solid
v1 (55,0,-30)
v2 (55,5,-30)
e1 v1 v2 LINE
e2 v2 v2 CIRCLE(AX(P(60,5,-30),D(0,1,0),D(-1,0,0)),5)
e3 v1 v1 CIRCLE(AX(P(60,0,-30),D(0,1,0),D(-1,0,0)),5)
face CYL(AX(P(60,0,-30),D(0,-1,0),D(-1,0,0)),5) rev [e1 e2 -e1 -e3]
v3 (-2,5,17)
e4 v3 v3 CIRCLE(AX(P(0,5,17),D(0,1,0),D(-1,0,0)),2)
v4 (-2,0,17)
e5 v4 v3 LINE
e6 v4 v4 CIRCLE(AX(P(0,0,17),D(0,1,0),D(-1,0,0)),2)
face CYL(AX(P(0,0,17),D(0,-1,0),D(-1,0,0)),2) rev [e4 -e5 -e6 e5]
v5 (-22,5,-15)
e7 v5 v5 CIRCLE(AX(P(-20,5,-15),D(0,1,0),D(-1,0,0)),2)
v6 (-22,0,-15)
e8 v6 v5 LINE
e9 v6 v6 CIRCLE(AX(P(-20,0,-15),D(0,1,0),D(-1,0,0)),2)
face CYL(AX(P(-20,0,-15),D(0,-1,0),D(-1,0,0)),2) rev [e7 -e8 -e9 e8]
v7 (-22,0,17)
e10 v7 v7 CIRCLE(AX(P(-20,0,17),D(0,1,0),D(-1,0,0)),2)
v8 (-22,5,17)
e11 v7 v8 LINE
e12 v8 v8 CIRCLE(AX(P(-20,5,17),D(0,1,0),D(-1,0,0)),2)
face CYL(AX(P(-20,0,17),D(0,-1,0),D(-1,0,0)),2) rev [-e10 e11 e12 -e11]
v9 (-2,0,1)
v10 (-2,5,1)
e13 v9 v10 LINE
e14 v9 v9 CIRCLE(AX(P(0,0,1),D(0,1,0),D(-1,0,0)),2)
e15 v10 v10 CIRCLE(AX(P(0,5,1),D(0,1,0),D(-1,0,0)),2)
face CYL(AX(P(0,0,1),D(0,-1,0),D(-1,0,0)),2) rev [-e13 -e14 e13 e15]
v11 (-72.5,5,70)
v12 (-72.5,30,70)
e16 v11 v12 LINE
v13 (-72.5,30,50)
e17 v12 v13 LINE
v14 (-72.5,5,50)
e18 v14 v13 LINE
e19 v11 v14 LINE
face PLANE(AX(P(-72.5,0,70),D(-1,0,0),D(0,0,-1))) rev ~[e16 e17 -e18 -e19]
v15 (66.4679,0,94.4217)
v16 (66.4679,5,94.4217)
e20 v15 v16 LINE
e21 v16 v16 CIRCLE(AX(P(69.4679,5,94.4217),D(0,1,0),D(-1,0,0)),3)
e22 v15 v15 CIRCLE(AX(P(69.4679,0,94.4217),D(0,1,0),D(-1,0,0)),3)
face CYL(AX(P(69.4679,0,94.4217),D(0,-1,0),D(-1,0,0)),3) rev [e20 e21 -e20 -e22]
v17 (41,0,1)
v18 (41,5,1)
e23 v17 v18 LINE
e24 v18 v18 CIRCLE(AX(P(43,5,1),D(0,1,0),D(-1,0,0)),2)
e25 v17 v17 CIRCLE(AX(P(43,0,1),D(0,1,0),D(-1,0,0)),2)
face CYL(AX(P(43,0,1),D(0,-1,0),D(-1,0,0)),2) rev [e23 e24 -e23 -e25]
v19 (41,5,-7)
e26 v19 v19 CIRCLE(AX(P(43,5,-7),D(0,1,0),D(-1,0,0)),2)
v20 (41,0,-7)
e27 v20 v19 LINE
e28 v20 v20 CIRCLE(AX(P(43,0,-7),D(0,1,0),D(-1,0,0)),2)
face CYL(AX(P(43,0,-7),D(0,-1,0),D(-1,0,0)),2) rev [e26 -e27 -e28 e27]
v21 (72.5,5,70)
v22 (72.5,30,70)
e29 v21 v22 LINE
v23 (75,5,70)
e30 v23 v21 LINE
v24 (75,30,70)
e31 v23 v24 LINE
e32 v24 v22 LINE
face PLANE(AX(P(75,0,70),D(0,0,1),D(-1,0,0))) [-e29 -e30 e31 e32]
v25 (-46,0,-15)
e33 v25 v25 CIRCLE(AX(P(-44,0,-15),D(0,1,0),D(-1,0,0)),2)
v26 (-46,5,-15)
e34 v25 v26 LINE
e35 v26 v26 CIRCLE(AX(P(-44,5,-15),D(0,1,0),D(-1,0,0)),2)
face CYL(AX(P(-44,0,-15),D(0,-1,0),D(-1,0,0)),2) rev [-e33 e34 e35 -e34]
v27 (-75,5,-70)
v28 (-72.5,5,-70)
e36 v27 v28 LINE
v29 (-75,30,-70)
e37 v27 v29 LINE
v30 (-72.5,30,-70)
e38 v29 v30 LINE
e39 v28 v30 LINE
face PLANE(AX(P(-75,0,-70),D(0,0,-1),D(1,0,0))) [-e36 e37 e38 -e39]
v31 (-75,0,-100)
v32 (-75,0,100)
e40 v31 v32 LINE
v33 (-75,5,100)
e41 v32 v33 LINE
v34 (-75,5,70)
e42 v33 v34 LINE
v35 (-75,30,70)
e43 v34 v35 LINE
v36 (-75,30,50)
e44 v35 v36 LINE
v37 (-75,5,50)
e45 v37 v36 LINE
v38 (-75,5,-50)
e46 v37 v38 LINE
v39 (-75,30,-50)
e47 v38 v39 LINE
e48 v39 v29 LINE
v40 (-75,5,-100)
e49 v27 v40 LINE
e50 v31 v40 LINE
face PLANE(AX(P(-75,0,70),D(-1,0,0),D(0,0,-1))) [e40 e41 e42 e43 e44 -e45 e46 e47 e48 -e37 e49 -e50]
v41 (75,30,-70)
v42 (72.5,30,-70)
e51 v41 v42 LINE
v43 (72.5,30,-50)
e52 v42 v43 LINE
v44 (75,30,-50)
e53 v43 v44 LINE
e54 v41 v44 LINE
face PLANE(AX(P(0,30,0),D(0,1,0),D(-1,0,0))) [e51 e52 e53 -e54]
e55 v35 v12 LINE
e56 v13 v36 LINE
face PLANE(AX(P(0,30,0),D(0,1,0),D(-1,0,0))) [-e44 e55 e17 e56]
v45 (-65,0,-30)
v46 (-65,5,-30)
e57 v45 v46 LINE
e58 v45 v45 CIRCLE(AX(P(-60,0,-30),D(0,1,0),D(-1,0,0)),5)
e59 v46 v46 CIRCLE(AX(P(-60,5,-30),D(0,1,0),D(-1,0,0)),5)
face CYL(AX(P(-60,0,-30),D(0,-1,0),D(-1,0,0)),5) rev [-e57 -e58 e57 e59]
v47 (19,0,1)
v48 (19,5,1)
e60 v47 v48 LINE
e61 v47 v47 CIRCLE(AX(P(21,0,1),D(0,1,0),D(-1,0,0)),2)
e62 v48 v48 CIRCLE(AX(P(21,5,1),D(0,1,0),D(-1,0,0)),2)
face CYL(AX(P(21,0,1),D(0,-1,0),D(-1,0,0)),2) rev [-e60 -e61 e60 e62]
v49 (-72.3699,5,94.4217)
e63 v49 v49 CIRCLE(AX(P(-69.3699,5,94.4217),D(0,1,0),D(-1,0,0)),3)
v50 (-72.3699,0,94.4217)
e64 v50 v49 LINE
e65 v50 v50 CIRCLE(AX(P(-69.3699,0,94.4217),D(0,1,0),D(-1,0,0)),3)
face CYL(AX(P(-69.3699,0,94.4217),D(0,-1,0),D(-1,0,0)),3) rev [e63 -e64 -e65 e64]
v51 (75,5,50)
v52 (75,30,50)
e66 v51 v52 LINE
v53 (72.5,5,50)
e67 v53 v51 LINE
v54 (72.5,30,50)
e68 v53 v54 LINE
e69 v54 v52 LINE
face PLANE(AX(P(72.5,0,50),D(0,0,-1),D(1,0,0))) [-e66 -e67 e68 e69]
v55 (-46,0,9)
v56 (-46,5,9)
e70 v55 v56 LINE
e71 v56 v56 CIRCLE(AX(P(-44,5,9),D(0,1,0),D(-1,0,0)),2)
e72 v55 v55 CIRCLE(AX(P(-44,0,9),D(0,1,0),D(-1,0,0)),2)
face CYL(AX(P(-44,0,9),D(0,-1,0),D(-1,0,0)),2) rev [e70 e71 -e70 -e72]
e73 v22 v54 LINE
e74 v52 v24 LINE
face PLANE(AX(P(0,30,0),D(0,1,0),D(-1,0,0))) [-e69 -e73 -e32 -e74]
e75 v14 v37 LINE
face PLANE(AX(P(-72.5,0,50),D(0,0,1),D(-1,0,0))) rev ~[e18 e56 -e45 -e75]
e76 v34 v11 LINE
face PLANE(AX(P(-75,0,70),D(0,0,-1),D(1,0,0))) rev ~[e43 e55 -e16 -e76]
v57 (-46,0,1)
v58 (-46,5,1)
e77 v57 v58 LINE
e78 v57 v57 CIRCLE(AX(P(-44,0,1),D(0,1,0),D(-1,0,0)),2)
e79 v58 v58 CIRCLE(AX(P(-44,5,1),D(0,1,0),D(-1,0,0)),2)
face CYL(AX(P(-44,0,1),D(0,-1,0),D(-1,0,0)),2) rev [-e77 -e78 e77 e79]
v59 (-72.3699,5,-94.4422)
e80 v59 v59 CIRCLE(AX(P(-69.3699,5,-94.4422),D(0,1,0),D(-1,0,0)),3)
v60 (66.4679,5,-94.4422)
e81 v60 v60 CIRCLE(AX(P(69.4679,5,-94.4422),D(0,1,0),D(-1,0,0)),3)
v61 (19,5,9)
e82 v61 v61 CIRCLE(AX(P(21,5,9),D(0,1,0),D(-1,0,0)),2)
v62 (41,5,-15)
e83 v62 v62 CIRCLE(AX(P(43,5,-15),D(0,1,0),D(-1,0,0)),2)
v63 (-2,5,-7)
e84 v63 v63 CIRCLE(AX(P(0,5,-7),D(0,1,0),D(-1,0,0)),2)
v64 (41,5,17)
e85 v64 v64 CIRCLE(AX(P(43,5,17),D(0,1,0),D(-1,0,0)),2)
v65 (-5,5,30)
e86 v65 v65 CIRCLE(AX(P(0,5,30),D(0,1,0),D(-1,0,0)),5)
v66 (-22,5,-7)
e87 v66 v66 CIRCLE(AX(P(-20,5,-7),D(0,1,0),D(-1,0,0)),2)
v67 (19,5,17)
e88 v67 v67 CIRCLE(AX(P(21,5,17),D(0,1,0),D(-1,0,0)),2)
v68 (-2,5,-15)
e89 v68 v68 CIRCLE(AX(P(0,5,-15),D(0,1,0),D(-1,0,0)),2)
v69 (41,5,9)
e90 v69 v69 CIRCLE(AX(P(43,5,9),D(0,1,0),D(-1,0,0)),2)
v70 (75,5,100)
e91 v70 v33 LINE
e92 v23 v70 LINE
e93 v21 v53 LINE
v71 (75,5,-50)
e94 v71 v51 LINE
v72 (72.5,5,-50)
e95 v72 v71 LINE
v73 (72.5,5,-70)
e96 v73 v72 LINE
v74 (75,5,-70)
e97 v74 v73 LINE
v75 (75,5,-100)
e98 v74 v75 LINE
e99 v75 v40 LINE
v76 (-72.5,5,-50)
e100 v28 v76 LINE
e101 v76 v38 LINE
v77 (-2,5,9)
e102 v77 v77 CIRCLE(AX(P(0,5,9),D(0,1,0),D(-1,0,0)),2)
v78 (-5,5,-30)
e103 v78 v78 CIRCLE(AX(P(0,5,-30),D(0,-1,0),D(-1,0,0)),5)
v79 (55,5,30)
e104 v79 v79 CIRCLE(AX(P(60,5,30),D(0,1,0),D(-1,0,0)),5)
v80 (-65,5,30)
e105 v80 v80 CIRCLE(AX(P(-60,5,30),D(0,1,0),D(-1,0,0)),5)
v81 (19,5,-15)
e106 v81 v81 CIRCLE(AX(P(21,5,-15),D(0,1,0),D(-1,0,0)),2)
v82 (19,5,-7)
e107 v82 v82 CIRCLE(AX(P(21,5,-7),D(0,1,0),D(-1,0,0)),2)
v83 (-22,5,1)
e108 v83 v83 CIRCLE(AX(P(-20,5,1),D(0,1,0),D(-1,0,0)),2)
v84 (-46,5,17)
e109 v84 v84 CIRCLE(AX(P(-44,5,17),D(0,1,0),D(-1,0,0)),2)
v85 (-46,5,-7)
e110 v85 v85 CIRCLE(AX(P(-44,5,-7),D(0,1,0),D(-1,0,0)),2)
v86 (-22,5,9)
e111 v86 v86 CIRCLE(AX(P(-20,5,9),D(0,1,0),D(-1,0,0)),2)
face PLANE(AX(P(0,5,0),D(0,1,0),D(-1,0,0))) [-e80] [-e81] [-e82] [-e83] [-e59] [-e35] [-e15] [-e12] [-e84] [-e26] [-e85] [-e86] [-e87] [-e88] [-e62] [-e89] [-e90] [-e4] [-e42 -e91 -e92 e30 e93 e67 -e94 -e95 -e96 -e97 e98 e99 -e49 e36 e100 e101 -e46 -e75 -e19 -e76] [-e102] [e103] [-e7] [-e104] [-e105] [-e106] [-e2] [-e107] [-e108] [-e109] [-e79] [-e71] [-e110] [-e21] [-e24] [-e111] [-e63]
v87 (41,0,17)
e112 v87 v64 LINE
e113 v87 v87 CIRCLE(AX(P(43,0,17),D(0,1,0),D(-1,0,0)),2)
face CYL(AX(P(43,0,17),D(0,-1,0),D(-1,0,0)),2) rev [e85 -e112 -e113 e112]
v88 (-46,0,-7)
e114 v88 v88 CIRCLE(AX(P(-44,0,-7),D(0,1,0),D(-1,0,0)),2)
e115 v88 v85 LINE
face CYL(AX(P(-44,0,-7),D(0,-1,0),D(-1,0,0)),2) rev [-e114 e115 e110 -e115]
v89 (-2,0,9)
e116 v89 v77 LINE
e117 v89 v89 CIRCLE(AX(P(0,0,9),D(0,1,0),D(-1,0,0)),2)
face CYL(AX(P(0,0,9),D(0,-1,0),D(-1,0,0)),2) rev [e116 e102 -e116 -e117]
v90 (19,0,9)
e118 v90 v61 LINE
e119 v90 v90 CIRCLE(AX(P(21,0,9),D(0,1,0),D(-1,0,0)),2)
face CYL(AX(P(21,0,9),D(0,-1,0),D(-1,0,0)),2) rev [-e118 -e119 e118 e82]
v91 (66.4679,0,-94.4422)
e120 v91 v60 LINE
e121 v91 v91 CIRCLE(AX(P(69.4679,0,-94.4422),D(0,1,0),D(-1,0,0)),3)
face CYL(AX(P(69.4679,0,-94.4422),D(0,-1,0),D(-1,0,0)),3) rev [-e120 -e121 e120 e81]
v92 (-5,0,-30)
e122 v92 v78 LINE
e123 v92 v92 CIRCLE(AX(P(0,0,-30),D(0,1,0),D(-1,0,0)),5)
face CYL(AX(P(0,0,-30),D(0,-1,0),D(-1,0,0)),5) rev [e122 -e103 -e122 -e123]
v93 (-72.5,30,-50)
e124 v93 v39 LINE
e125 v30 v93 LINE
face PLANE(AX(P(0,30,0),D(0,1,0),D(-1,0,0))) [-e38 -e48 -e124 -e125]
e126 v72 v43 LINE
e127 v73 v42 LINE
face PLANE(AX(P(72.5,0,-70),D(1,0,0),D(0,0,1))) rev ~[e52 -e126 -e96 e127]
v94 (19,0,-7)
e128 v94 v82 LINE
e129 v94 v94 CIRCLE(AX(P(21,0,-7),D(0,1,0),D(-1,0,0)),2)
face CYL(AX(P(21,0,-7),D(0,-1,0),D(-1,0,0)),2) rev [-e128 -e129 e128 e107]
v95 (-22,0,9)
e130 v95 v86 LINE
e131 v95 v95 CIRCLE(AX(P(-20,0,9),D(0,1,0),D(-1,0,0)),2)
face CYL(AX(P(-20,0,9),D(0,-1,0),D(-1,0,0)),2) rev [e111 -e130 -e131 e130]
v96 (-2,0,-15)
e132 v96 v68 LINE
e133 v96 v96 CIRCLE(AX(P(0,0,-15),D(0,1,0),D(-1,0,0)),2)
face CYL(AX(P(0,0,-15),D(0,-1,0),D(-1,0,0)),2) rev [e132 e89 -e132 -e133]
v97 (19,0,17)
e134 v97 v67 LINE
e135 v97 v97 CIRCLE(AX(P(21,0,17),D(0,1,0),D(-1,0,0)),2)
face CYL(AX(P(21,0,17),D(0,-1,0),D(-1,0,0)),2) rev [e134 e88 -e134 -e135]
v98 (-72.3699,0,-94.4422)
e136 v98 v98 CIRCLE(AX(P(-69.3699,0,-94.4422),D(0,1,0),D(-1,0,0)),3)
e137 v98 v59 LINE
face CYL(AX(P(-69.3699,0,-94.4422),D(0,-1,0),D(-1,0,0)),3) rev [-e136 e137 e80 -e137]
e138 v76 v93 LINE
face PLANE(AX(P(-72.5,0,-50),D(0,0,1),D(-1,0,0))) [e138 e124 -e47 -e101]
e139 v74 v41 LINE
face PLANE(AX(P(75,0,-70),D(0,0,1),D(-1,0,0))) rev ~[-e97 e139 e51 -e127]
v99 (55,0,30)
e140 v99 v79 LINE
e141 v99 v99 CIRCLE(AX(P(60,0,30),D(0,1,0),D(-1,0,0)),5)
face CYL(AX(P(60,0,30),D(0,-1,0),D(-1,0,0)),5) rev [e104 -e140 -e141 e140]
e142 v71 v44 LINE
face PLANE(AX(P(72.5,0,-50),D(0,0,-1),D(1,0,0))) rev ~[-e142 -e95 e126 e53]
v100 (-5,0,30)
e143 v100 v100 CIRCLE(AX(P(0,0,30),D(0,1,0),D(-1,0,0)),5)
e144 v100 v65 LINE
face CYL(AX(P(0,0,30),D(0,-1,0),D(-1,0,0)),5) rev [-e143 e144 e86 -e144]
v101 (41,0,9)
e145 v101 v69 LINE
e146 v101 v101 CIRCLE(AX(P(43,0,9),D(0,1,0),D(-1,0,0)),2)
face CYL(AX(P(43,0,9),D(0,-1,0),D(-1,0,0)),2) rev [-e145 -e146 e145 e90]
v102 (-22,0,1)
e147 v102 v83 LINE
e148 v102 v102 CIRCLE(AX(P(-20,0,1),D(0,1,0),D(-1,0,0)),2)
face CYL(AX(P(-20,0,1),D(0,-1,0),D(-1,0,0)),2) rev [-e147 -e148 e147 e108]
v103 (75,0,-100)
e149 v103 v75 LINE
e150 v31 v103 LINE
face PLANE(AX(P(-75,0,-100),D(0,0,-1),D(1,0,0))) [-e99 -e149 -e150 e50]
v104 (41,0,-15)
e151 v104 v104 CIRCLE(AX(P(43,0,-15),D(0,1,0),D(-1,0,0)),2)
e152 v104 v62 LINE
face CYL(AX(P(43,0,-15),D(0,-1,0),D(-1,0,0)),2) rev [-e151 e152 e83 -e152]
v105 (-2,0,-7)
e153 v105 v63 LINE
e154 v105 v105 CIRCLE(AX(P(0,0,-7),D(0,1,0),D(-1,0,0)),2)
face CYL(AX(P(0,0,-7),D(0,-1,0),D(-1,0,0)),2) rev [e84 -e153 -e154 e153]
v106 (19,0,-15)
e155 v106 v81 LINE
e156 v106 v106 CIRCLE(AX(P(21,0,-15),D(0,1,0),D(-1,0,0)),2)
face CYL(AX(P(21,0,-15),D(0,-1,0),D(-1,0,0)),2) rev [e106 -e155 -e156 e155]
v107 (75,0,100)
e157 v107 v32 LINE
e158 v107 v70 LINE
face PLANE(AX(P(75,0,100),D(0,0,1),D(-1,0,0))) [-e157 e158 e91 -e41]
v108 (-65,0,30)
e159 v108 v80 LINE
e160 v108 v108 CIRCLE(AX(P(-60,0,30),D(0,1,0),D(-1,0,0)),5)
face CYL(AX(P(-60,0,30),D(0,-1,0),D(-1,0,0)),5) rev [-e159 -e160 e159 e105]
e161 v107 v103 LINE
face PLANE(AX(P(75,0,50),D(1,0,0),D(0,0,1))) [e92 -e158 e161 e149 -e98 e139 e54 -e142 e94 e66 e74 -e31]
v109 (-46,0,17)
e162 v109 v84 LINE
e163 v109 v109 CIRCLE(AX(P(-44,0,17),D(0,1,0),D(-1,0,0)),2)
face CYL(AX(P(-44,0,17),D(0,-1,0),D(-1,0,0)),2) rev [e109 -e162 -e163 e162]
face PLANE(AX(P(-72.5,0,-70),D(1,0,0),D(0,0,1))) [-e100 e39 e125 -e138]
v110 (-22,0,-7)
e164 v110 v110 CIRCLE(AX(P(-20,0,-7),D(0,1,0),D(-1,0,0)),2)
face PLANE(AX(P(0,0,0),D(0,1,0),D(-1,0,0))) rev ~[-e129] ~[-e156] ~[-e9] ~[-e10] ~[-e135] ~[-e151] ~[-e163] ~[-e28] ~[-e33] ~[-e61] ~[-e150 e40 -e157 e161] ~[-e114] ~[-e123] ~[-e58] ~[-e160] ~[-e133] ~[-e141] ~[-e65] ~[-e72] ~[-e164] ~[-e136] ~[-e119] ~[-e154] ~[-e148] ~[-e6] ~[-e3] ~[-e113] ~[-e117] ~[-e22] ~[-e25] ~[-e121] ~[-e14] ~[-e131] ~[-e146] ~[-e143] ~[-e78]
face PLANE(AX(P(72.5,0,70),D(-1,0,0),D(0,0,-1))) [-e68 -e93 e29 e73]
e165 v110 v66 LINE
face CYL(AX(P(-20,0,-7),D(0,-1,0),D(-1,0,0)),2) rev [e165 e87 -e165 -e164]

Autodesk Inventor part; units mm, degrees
ref_plane "YZ Plane" through (0, 0, 0) normal (1, 0, 0) x (0, 1, 0)
ref_plane "XZ Plane" through (0, 0, 0) normal (0, 1, 0) x (-1, 0, 0)
ref_plane "XY Plane" through (0, 0, 0) normal (0, 0, 1) x (1, 0, 0)
sketch "Sketch1" plane through (0, 0, 0) normal (0, 1, 0) x (-1, 0, 0)
  line L0 (75, 0) -> (75, -100)
  line L1 (75, -100) -> (-75, -100)
  line L2 (-75, -100) -> (-75, 100)
  line L3 (-75, 100) -> (75, 100)
  line L4 (75, 100) -> (75, 0)
  line L5 (75, 100) -> (75, 70)
  line L6 (75, -100) -> (75, -70)
  line L7 (-75, -100) -> (-75, -70)
  line L8 (-75, 100) -> (-75, 70)
  line L9 (75, 70) -> (75, 50)
  line L10 (-75, 70) -> (-75, 50)
  line L11 (-75, -70) -> (-75, -50)
  line L12 (75, -70) -> (75, -50)
  line L13 (75, -70) -> (72.5, -70)
  line L14 (72.5, -70) -> (72.5, -50)
  line L15 (72.5, -50) -> (75, -50)
  line L16 (-75, -70) -> (-72.5, -70)
  line L17 (-72.5, -70) -> (-72.5, -50)
  line L18 (-72.5, -50) -> (-75, -50)
  line L19 (75, 70) -> (72.5, 70)
  line L20 (72.5, 70) -> (72.5, 50)
  line L21 (72.5, 50) -> (75, 50)
  line L22 (-75, 70) -> (-72.5, 70)
  line L23 (-72.5, 70) -> (-72.5, 50)
  line L24 (-72.5, 50) -> (-75, 50)
  line L25 (-75, -100) -> (-75, -97)
  line L26 (-75, -100) -> (-72, -100)
  circle A0 centre (-69.4679, -94.4422) radius 3
  circle A1 centre (69.3699, -94.4422) radius 3
  circle A2 centre (69.3699, 94.4217) radius 3
  circle A3 centre (-69.4679, 94.4217) radius 3
  line L27 (75, -50) -> (75, -35)
  line L28 (75, 50) -> (75, 35)
  line L29 (75, -35) -> (75, -25)
  line L30 (75, 35) -> (75, 25)
  line L31 (75, -25) -> (75, -21)
  line L32 (75, -21) -> (75, -17)
  line L33 (75, -17) -> (75, -13)
  line L34 (75, -13) -> (75, -9)
  line L35 (75, -9) -> (75, -5)
  line L36 (75, -5) -> (75, -1)
  line L37 (75, -1) -> (75, 3)
  line L38 (75, 3) -> (75, 7)
  line L39 (75, 7) -> (75, 11)
  line L40 (75, 11) -> (75, 15)
  line L41 (75, 15) -> (75, 19)
  line L42 (75, 19) -> (75, 23)
  circle A4 centre (60, 30) radius 5
  circle A5 centre (-60, 30) radius 5
  circle A6 centre (0, 30) radius 5
  line L43 (0, -35) -> (0, -30)
  circle A7 centre (0, -30) radius 5
  circle A8 centre (-60, -30) radius 5
  circle A9 centre (60, -30) radius 5
  circle A10 centre (0, -15) radius 2
  circle A11 centre (20, -15) radius 2
  circle A12 centre (44, -15) radius 2
  circle A13 centre (-21, -15) radius 2
  circle A14 centre (-43, -15) radius 2
  circle A15 centre (44, -7) radius 2
  circle A16 centre (20, -7) radius 2
  circle A17 centre (0, -7) radius 2
  circle A18 centre (-21, -7) radius 2
  circle A19 centre (-43, -7) radius 2
  circle A20 centre (44, 1) radius 2
  circle A21 centre (20, 1) radius 2
  circle A22 centre (0, 1) radius 2
  circle A23 centre (-21, 1) radius 2
  circle A24 centre (-43, 1) radius 2
  circle A25 centre (44, 9) radius 2
  circle A26 centre (20, 9) radius 2
  circle A27 centre (0, 9) radius 2
  circle A28 centre (-21, 9) radius 2
  circle A29 centre (-43, 9) radius 2
  circle A30 centre (44, 17) radius 2
  circle A31 centre (20, 17) radius 2
  circle A32 centre (0, 17) radius 2
  circle A33 centre (-21, 17) radius 2
  circle A34 centre (-43, 17) radius 2
  point P0 (0, 0)
  dimension "d3" = 150
  dimension "d4" = 200
  dimension "d6" = 30
  dimension "d7" = 30
  dimension "d8" = 30
  dimension "d9" = 30
  dimension "d10" = 20
  dimension "d11" = 20
  dimension "d12" = 20
  dimension "d13" = 20
  dimension "d14" = 2.5
  dimension "d15" = 2.5
  dimension "d16" = 2.5
  dimension "d17" = 2.5
  dimension "d20" = 6
  dimension "d23" = 6
  dimension "d26" = 6
  dimension "d28" = 6
  dimension "d30" = 15
  dimension "d31" = 15
  dimension "d32" = 10
  dimension "d33" = 10
  dimension "d34" = 4
  dimension "d35" = 4
  dimension "d47" = 10
  dimension "d49" = 10
  dimension "d50" = 10
  dimension "d51" = 5
  dimension "d52" = 10
  dimension "d55" = 10
  dimension "d56" = 10
  dimension "d58" = 4
  dimension "d59" = 4
  dimension "d60" = 4
  dimension "d61" = 4
  dimension "d62" = 4
  dimension "d63" = 4
  dimension "d64" = 4
  dimension "d65" = 4
  dimension "d66" = 4
  dimension "d67" = 4
  dimension "d68" = 4
  dimension "d69" = 4
  dimension "d70" = 4
  dimension "d71" = 4
  dimension "d72" = 4
  dimension "d73" = 4
  dimension "d74" = 4
  dimension "d75" = 4
  dimension "d76" = 4
  dimension "d77" = 4
  dimension "d78" = 4
  dimension "d79" = 4
  dimension "d80" = 4
  dimension "d81" = 4
  dimension "d82" = 4
extrude "Extrusion1" add sketch "Sketch1" along normal blind 5 contours L0 L15 L14 L13 L1 L2 L16 L17 L18 L24 L23 L22 L3 L4 L19 L20 L21
extrude "Extrusion2" add sketch "Sketch1" along normal blind 30 contours L2 L18 L17 L16
extrude "Extrusion3" add sketch "Sketch1" along normal blind 30 contours L0 L13 L14 L15
extrude "Extrusion4" add sketch "Sketch1" along normal blind 30 contours L21 L20 L19 L4
extrude "Extrusion5" add sketch "Sketch1" along normal blind 30 contours L22 L23 L24 L2
sketch "Sketch2" plane through (0, 5, 0) normal (0, 1, 0) x (1, 0, 0)
  point P0 (0, 0)
sketch "Sketch3" plane through (0, 5, 0) normal (0, 1, 0) x (1, 0, 0)
  point P0 (0, 0)
  point P1 (-75, 100)
properties part number "Base"
